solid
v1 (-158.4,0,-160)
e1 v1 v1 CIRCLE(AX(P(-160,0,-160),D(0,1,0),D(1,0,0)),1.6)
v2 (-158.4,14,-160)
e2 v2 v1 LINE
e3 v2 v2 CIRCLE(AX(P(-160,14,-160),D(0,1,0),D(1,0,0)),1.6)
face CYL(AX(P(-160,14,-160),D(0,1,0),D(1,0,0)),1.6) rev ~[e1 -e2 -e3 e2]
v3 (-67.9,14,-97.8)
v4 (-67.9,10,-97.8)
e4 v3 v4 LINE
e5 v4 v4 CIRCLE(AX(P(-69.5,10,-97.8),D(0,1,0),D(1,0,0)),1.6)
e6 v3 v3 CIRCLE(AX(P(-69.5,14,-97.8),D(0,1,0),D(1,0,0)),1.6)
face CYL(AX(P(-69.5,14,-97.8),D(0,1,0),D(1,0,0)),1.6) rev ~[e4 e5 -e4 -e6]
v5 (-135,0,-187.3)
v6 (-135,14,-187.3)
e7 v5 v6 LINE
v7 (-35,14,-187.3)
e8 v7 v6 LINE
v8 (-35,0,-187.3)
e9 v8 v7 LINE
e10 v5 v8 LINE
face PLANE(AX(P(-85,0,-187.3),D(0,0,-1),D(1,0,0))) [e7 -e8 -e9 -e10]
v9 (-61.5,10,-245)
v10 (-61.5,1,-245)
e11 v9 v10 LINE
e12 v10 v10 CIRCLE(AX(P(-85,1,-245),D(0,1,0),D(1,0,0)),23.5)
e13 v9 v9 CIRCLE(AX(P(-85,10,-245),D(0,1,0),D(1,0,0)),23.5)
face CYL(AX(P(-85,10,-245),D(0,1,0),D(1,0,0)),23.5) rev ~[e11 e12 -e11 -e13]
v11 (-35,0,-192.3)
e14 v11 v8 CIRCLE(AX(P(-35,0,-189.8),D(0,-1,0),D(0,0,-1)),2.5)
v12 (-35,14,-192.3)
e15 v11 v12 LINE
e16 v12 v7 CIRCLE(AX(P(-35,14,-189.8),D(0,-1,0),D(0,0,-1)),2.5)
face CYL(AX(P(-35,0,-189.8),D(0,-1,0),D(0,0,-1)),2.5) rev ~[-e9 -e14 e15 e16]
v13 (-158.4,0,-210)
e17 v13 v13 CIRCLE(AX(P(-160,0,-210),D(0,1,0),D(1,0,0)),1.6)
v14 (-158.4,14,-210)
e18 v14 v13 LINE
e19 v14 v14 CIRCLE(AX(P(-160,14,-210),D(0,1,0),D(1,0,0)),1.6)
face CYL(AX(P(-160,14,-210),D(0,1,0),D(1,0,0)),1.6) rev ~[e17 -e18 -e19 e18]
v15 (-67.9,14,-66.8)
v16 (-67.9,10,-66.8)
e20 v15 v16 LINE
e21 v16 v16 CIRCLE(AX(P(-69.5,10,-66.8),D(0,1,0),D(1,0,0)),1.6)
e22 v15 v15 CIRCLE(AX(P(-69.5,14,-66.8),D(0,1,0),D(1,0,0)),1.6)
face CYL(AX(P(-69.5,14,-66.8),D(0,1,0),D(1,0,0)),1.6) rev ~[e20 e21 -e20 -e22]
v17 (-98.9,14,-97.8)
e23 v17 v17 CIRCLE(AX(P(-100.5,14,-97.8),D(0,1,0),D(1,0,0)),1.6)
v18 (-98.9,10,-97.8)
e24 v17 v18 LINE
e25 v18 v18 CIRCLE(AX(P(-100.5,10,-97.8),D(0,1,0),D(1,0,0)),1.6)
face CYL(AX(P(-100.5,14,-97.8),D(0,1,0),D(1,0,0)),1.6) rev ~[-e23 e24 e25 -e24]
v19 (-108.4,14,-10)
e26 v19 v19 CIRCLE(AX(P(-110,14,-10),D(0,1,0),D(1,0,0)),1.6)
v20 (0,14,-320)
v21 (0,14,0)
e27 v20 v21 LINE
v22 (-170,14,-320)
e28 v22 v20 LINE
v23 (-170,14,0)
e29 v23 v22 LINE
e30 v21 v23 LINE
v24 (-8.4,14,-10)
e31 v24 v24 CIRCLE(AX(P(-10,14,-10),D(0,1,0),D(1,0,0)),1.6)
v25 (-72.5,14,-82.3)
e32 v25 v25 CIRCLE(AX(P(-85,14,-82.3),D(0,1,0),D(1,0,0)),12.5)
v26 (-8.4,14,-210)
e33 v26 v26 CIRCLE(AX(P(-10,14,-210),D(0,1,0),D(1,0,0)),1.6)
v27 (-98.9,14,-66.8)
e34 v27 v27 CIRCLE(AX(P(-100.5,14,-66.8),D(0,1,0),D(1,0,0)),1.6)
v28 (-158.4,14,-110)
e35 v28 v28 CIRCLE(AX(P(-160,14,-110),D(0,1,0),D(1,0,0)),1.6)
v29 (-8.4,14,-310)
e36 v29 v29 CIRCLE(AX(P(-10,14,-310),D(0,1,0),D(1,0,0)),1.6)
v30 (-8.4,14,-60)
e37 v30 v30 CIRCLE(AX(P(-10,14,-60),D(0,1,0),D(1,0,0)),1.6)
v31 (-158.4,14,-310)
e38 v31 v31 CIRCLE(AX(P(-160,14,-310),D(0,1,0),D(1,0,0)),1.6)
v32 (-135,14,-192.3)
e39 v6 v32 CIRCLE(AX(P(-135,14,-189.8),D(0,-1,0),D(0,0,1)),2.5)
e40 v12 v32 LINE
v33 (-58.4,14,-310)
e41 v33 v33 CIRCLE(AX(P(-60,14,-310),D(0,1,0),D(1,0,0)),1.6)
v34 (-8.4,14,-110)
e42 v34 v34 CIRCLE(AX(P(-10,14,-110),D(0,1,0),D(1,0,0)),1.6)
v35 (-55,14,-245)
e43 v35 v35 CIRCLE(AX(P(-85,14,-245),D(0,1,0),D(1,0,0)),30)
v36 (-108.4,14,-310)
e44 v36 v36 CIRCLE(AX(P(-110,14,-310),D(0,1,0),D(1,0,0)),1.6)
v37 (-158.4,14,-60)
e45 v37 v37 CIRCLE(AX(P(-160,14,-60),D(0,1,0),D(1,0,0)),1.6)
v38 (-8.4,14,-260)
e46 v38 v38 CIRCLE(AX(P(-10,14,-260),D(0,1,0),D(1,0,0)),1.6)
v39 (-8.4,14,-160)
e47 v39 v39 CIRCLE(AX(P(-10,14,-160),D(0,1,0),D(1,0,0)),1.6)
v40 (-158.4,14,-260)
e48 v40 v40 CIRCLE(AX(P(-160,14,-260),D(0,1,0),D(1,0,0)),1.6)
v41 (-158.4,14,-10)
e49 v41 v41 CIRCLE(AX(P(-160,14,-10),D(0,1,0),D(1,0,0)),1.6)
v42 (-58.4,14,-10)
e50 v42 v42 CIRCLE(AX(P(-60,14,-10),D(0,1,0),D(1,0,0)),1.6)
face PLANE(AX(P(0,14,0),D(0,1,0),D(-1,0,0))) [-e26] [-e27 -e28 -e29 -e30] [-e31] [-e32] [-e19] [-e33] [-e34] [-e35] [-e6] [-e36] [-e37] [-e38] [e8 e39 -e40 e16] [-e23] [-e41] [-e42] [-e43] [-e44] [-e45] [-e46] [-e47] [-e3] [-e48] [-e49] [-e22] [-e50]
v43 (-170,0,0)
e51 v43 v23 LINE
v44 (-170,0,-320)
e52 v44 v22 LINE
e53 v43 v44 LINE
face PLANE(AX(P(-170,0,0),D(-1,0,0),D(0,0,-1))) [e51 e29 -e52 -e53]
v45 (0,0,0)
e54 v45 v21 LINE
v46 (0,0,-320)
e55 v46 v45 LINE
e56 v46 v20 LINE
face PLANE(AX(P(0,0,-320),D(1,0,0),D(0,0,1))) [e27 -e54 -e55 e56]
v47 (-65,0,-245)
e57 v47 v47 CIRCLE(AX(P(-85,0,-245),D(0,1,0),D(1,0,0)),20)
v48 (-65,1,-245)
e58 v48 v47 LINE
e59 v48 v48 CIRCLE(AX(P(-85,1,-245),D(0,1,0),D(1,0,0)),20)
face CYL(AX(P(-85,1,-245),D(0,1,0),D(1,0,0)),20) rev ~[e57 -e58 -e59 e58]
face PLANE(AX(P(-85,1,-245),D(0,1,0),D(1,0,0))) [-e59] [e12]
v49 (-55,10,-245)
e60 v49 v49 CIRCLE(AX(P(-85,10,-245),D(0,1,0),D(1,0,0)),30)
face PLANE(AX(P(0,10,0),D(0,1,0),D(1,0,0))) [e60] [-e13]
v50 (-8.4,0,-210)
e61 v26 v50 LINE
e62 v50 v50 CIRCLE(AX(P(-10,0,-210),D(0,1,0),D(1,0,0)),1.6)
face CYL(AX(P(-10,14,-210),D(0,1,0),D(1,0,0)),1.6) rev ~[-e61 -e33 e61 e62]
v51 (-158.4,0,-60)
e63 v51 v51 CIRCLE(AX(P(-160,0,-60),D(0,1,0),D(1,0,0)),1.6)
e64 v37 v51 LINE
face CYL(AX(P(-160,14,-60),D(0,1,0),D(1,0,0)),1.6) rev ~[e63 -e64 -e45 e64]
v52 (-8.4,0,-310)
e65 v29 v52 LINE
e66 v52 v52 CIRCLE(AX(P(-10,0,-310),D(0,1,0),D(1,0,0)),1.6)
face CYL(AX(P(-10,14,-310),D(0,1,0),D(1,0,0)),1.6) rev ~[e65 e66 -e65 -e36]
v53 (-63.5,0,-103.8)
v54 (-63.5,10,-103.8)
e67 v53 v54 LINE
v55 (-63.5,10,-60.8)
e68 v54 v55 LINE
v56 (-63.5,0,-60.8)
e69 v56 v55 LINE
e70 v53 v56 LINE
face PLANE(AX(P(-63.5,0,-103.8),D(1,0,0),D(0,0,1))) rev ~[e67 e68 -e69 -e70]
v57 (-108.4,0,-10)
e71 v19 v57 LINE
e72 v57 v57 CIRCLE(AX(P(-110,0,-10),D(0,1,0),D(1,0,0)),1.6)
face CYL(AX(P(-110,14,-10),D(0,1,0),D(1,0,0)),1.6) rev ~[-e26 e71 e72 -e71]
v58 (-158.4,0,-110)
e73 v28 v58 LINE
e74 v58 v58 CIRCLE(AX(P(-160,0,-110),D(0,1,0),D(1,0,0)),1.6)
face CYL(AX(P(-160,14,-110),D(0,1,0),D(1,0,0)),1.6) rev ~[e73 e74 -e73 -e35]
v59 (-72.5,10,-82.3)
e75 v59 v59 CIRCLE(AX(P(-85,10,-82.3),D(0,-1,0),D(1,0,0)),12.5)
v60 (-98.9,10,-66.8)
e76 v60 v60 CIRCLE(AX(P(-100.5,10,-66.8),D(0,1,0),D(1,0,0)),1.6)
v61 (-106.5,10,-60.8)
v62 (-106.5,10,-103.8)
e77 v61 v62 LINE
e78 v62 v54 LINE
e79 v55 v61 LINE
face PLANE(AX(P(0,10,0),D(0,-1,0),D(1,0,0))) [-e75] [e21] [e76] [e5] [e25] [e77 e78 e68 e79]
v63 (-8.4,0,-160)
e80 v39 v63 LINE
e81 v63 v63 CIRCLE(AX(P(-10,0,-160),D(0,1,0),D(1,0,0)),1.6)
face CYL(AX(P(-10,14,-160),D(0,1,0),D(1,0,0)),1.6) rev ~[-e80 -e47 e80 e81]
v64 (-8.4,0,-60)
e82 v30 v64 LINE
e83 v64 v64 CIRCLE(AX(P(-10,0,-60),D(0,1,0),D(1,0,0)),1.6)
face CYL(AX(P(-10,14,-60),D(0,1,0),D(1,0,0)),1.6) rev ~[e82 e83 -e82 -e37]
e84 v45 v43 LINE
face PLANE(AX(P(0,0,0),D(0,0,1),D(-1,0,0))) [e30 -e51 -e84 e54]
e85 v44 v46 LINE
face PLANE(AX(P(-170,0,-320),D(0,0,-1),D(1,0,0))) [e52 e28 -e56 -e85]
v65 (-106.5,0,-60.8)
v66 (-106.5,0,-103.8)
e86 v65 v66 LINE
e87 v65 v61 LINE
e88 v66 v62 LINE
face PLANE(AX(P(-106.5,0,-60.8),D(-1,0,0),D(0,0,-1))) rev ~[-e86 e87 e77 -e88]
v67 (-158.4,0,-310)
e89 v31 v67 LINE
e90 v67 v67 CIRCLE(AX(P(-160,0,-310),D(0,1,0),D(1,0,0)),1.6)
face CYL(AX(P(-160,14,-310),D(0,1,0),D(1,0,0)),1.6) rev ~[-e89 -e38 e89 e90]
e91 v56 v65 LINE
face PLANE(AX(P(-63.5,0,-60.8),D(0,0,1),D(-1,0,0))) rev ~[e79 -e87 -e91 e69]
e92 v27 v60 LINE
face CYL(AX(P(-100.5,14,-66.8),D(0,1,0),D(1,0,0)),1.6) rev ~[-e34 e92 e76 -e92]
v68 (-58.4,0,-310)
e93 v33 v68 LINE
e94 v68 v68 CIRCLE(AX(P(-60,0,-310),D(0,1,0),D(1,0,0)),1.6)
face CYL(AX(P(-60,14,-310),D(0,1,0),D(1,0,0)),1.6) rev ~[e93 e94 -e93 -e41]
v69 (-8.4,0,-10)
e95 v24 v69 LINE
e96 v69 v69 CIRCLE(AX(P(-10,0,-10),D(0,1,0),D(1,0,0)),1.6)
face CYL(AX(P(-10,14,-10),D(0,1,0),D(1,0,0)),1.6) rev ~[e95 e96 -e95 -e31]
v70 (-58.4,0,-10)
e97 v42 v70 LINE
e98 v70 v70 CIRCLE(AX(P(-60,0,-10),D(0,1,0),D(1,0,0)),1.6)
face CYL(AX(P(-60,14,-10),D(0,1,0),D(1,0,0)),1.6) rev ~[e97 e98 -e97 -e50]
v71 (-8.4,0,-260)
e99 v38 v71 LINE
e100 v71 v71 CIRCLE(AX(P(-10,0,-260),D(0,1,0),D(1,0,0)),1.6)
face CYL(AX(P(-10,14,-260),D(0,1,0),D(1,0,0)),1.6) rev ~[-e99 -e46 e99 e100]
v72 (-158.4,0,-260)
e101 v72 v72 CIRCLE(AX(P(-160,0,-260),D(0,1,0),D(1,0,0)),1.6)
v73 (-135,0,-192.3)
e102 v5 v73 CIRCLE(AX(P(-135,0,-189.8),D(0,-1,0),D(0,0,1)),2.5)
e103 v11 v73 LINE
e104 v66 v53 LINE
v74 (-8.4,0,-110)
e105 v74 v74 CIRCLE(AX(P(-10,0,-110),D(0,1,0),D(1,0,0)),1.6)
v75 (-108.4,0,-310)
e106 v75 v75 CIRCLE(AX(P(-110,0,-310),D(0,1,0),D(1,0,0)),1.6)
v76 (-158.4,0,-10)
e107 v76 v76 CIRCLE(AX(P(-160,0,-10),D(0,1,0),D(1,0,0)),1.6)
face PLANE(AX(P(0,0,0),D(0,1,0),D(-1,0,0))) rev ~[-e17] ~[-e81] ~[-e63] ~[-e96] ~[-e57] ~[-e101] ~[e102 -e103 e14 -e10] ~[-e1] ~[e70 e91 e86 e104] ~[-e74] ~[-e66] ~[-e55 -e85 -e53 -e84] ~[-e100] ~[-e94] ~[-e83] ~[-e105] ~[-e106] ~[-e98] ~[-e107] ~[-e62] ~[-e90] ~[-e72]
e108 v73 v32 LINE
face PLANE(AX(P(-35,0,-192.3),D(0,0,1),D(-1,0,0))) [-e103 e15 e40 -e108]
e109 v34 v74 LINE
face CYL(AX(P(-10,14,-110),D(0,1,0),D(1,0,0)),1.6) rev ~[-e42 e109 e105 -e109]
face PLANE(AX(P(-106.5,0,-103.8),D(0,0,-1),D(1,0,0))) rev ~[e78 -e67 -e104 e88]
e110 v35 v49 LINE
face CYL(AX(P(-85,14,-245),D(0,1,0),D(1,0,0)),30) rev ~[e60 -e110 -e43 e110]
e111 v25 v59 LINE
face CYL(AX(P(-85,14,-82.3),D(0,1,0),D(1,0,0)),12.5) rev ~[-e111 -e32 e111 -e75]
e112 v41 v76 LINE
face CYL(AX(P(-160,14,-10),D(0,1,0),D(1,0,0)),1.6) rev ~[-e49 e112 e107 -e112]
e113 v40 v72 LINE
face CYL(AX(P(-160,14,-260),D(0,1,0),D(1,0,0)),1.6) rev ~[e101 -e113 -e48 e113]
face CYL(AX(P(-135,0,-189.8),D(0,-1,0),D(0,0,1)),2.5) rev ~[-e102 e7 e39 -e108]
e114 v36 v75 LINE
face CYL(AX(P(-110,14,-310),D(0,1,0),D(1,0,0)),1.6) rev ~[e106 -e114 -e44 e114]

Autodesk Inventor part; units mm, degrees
ref_plane "YZ Plane" through (0, 0, 0) normal (1, 0, 0) x (0, 1, 0)
ref_plane "XZ Plane" through (0, 0, 0) normal (0, 1, 0) x (-1, 0, 0)
ref_plane "XY Plane" through (0, 0, 0) normal (0, 0, 1) x (1, 0, 0)
sketch "Sketch1" plane through (0, 0, 0) normal (0, 1, 0) x (-1, 0, 0)
  line L0 (0, 0) -> (170, 0)
  line L1 (170, 0) -> (170, -320)
  line L2 (170, -320) -> (0, -320)
  line L3 (0, -320) -> (0, 0)
  dimension "d0" = 170
  dimension "d1" = 320
extrude "Extrusion1" add sketch "Sketch1" along normal blind 14
sketch "Sketch2" plane through (0, 14, 0) normal (0, 1, 0) x (1, 0, 0)
  line L0 (0, 320) -> (-170, 320) projected
  circle A0 centre (-85, 245) radius 30
  point P0 (0, 0)
  dimension "d5" = 60
extrude "Extrusion2" cut sketch "Sketch2" against normal blind 4
sketch "Sketch3" plane through (-85, 10, -245) normal (0, 1, 0) x (1, 0, 0)
  circle A0 centre (0, 0) radius 23.5
  point P0 (85, -245)
  dimension "d8" = 47
extrude "Extrusion3" cut sketch "Sketch3" against normal blind 9
sketch "Sketch4" plane through (-85, 1, -245) normal (0, 1, 0) x (1, 0, 0)
  circle A0 centre (0, 0) radius 20
  point P0 (85, -245)
  dimension "d11" = 40
extrude "Extrusion4" cut sketch "Sketch4" against normal blind 1
sketch "Sketch5" plane through (0, 14, 0) normal (0, 1, 0) x (1, 0, 0)
  circle A0 centre (-85, 245) radius 30 projected
  circle A1 centre (-85, 82.3) radius 12.5
  circle A2 centre (-100.5, 66.8) radius 1.6
  circle A3 centre (-100.5, 97.8) radius 1.6
  circle A4 centre (-69.5, 97.8) radius 1.6
  circle A5 centre (-69.5, 66.8) radius 1.6
  point P0 (0, 0)
  dimension "d15" = 25
  dimension "d22" = 3.2
  dimension "d23" = 3.2
  dimension "d24" = 3.2
  dimension "d25" = 3.2
extrude "Extrusion5" cut sketch "Sketch5" against normal blind 14 contours A1 | A2 | A3 | A4 | A5
sketch "Sketch6" plane through (0, 0, 0) normal (0, -1, 0) x (1, 0, 0)
  circle A0 centre (-85, -82.3) radius 12.5 projected
  line L0 (-106.5, -103.8) -> (-63.5, -103.8)
  line L1 (-63.5, -103.8) -> (-63.5, -60.8)
  line L2 (-63.5, -60.8) -> (-106.5, -60.8)
  line L3 (-106.5, -60.8) -> (-106.5, -103.8)
  point P0 (0, 0)
  dimension "d30" = 43
  dimension "d31" = 43
extrude "Extrusion6" cut sketch "Sketch6" against normal blind 10
sketch "Sketch7" plane through (0, 0, 0) normal (0, -1, 0) x (1, 0, 0)
  circle A0 centre (-85, -82.3) radius 12.5 projected
  line L0 (-85, -187.3) -> (-35, -187.3)
  line L1 (-35, -192.3) -> (-135, -192.3)
  line L2 (-135, -187.3) -> (-85, -187.3)
  arc A1 (-135, -187.3) -> (-135, -192.3) centre (-135, -189.8) ccw
  arc A2 (-35, -192.3) -> (-35, -187.3) centre (-35, -189.8) ccw
  point P0 (0, 0)
  dimension "d34" = 105
  dimension "d36" = 5
  dimension "d37" = 100
  dimension "d38" = 5
  dimension "d39" = 5
  dimension "d40" = 5
extrude "Extrusion7" cut sketch "Sketch7" against normal blind 14 contours L0 A2 L1 A1 L2
sketch "Sketch8" plane through (0, 14, 0) normal (0, 1, 0) x (1, 0, 0)
  point P0 (0, 0)
sketch "Sketch9" plane through (0, 14, 0) normal (0, 1, 0) x (1, 0, 0)
  line L0 (0, 320) -> (-170, 320) projected
  line L1 (0, 320) -> (0, 310)
  line L2 (0, 0) -> (0, 320) projected
  circle A0 centre (-10, 310) radius 1.6
  line L3 (-170, 310) -> (-160, 310) construction
  circle A1 centre (-160, 310) radius 1.6
  dimension "d43" = 10
  dimension "d45" = 3.2
  dimension "d48" = 3.2
extrude "Extrusion8" cut sketch "Sketch9" against normal blind 14
pattern_linear "Rectangular Pattern1" count 7 spacing 50 along (0, 0, 1) of "Extrusion8"
sketch "Sketch10" plane through (0, 14, 0) normal (0, 1, 0) x (1, 0, 0)
  circle A0 centre (-160, 310) radius 1.6 projected
  circle A1 centre (-110, 310) radius 1.6
  circle A2 centre (-160, 10) radius 1.6 projected
  circle A3 centre (-110, 10) radius 1.6
  point P0 (0, 0)
  dimension "d56" = 3.2
  dimension "d58" = 3.2
extrude "Extrusion9" cut sketch "Sketch10" against normal blind 14 contours A1 | A3
pattern_linear "Rectangular Pattern2" count 2 spacing 50 along (1, 0, 0) of "Extrusion9"
properties part number "b_base_cover_1"
